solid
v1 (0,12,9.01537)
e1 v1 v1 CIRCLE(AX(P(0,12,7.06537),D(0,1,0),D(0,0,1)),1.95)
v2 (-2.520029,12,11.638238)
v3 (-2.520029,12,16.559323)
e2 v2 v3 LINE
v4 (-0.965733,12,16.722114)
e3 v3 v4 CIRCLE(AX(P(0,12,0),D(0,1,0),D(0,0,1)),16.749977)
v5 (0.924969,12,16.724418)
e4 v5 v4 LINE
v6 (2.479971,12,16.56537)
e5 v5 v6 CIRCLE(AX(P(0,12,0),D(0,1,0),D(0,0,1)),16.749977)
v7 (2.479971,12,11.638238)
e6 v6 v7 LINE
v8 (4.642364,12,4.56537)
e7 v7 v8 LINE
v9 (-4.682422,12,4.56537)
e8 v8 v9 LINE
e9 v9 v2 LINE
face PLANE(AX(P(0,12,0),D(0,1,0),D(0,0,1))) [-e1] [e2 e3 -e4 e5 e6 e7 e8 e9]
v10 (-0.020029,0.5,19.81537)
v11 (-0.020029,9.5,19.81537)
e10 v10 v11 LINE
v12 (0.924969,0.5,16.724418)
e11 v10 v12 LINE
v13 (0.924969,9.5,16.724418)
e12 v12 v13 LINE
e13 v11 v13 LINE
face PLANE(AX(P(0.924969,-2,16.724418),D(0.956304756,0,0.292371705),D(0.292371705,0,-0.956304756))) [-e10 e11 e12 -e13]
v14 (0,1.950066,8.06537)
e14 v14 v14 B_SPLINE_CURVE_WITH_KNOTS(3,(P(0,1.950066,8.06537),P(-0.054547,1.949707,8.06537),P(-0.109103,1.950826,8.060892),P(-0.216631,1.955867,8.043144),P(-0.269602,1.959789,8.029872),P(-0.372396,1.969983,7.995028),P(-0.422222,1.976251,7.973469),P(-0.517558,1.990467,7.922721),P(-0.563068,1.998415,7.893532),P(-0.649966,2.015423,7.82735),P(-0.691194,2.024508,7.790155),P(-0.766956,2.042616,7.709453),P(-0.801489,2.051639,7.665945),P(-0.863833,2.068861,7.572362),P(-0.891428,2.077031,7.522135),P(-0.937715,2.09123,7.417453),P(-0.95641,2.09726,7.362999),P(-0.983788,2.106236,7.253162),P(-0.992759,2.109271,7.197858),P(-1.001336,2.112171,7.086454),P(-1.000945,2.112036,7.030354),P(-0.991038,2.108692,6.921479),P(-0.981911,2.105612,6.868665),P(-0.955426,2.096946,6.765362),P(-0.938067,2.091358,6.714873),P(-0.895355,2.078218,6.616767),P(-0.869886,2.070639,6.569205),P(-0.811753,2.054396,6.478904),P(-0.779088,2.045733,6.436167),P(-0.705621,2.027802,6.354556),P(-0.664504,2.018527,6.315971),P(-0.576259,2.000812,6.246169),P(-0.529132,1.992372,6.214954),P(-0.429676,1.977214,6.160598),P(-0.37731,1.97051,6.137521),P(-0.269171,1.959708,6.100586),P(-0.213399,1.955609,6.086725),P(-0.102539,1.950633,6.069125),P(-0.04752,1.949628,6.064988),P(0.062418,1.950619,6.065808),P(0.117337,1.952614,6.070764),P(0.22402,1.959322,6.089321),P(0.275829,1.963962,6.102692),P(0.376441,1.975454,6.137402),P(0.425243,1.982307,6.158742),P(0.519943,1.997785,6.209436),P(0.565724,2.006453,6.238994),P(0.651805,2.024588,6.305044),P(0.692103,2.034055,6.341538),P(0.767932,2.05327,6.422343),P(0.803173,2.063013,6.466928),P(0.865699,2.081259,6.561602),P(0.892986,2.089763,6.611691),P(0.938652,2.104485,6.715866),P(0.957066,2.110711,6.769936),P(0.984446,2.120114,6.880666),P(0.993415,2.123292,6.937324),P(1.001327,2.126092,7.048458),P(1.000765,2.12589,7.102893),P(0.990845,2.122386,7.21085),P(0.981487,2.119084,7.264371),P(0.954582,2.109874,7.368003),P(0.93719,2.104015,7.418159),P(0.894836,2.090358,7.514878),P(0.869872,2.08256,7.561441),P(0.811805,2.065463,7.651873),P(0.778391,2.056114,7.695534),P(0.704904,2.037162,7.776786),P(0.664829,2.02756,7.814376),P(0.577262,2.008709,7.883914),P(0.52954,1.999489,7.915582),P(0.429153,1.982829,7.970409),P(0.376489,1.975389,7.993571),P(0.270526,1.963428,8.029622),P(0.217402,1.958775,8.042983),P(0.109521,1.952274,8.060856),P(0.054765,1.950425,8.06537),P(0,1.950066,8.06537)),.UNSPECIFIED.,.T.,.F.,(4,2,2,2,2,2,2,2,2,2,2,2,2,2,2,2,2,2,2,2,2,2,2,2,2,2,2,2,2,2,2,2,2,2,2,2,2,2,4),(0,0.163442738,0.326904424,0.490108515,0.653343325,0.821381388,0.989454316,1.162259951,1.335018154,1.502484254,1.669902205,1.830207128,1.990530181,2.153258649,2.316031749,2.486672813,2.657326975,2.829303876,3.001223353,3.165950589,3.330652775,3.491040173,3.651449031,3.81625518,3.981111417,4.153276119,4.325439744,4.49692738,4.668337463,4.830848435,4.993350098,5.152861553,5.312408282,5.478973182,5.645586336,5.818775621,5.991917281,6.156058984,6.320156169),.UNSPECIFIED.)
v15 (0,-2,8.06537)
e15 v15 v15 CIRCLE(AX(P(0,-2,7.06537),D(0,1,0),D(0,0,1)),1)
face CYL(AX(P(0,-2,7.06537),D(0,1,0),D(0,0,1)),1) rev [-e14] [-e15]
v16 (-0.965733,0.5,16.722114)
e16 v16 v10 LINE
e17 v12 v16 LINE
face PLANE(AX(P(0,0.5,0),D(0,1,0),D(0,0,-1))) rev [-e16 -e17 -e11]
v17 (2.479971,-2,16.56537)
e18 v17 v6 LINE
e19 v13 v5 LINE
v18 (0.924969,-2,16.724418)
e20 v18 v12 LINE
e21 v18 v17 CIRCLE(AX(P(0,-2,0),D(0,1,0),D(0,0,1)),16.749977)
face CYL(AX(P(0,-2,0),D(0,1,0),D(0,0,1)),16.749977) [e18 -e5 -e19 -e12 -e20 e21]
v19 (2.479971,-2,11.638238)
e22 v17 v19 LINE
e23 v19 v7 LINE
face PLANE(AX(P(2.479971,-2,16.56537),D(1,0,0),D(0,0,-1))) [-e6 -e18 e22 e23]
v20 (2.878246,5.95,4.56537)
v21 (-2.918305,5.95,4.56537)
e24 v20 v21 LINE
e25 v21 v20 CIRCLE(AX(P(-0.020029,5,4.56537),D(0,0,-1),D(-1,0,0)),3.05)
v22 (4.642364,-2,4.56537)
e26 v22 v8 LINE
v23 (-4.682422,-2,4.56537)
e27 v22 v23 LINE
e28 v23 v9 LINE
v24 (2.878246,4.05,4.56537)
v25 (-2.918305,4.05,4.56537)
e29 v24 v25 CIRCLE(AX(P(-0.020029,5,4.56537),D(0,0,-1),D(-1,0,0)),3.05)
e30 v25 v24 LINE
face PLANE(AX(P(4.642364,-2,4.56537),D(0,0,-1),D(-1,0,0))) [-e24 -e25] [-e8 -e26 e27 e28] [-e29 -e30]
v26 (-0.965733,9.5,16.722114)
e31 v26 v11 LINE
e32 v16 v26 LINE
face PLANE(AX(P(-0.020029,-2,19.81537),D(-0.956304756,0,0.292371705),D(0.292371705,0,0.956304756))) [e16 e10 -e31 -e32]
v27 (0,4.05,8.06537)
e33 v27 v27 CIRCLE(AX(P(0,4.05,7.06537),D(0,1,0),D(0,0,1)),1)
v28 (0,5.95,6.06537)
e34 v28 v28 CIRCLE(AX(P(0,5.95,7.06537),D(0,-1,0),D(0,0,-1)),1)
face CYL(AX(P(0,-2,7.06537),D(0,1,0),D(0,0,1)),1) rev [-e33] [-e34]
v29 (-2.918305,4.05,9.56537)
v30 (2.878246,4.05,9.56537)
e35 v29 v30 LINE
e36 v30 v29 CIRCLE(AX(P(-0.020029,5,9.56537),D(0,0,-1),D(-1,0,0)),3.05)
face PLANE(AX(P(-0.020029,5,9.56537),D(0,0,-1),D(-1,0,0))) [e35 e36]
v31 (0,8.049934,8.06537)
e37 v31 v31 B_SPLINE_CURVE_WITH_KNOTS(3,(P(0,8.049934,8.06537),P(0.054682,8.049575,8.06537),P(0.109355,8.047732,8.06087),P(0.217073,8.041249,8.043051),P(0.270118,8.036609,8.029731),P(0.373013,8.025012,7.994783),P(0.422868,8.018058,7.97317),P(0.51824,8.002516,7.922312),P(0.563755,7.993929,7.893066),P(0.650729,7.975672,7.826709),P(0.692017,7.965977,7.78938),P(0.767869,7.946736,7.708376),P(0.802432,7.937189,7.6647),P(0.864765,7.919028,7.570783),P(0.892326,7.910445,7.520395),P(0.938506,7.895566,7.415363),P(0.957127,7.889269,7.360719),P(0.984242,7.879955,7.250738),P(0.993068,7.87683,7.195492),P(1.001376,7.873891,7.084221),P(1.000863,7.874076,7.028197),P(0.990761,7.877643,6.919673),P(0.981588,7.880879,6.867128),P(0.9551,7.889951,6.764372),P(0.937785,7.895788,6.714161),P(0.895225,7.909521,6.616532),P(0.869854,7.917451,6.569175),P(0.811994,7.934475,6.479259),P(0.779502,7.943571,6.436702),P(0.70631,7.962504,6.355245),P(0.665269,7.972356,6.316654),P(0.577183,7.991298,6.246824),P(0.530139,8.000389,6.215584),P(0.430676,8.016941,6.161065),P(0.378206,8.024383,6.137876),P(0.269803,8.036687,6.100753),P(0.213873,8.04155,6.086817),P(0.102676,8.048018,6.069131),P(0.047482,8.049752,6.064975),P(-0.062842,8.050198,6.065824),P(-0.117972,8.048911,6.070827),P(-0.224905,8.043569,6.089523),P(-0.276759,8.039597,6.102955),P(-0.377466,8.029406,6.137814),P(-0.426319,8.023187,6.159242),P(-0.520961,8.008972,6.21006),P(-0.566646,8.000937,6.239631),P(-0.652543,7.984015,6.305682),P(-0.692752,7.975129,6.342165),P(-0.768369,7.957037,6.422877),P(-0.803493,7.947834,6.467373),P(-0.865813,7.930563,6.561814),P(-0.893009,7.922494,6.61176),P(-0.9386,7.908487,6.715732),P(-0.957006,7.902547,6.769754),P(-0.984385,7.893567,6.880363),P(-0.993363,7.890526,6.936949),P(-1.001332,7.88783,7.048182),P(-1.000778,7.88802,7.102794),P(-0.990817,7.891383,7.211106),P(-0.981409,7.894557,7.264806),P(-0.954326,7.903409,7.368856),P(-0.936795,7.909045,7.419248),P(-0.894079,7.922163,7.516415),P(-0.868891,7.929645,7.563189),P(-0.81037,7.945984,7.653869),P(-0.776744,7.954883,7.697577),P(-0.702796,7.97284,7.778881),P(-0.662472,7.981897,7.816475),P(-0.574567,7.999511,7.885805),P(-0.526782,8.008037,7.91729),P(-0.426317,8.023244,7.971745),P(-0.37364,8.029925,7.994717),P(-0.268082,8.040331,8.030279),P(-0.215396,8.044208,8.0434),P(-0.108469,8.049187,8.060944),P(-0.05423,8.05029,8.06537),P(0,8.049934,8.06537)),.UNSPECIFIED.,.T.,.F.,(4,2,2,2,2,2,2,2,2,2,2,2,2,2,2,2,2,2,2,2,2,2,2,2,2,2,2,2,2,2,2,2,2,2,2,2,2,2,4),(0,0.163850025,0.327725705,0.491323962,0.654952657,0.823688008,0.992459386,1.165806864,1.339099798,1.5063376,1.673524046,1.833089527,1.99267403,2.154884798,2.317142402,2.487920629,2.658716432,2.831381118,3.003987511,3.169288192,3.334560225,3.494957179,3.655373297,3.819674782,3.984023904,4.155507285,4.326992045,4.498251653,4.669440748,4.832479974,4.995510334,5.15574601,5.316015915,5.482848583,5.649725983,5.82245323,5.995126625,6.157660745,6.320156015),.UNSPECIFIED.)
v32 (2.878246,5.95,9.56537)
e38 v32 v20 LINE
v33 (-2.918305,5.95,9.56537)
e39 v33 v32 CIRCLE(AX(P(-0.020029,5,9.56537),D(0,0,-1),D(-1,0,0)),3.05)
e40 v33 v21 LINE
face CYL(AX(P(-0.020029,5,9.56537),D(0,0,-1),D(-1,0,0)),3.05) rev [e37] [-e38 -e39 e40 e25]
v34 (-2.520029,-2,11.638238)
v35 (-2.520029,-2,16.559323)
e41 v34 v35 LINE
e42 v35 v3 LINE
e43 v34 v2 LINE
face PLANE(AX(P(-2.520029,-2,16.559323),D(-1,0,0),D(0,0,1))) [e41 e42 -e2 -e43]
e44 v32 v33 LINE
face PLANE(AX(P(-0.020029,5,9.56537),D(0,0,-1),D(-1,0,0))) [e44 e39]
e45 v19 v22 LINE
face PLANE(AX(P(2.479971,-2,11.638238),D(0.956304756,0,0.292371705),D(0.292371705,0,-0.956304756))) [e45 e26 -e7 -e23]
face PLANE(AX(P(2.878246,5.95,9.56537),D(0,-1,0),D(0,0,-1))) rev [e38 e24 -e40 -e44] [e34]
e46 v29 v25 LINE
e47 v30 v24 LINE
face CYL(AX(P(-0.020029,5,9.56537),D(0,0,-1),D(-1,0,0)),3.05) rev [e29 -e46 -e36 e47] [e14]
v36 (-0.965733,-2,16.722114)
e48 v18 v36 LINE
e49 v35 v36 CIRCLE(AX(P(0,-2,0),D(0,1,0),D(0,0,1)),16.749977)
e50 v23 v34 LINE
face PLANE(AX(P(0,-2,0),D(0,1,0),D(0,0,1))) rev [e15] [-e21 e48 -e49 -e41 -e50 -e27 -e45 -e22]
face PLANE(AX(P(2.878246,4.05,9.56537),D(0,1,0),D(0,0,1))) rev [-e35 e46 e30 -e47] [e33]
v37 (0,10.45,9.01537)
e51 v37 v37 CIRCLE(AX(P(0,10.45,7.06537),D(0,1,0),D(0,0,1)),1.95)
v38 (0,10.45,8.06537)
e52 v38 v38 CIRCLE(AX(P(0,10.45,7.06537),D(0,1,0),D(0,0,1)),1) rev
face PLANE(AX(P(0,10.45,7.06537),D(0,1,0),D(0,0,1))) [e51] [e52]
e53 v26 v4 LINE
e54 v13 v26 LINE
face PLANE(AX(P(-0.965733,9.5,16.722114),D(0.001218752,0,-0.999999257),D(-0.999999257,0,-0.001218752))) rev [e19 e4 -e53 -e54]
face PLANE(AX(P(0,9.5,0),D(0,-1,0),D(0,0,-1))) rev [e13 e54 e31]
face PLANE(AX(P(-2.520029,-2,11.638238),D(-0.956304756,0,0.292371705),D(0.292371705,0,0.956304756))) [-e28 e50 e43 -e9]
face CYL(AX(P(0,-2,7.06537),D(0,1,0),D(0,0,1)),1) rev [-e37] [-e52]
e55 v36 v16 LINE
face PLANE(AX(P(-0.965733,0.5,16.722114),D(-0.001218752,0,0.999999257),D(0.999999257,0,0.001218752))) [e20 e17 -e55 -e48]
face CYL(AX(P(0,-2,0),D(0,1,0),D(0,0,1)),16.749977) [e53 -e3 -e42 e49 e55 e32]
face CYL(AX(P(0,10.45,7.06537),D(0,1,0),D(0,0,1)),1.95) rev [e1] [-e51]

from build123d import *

# Parameters (mm, degrees)
BOSS_EXTRUDE1_DEPTH      = 12
BOSS_EXTRUDE1_DEPTH_BACK = 2
CUT_EXTRUDE1_DEPTH       = 5
SKETCH5_R                = 1
CUT_EXTRUDE2_DEPTH       = 7.26
CUT_EXTRUDE2_DEPTH_BACK  = 8.74
SKETCH6_R                = 1.95
CUT_EXTRUDE3_DEPTH       = 1.55
CUT_EXTRUDE4_DEPTH       = 2.5


with BuildPart() as part:
    # Sketch1 → Boss-Extrude1 (new body, two sides)
    with BuildSketch(Plane(origin=(0, 0, 0), x_dir=(1, 0, 0), z_dir=(0, 1, 0))) as boss_extrude1_sk:
        with BuildLine():
            Line((4.642363604, -4.565370009), (-4.68242218, -4.565370009))
            Line((-4.68242218, -4.565370009), (-2.520029288, -11.638238463))
            Line((-2.520029288, -11.638238463), (-2.520029288, -16.559323376))
            ThreePointArc((-2.520029288, -16.559323376), (-1.744780523, -16.658855879), (-0.965732534, -16.722114069))
            Line((-0.965732534, -16.722114069), (-0.020029288, -19.815370009))
            Line((-0.020029288, -19.815370009), (0.924969464, -16.724418368))
            ThreePointArc((0.924969464, -16.724418368), (1.704326405, -16.663043233), (2.479970712, -16.565370009))
            Line((2.479970712, -16.565370009), (2.479970712, -11.638238463))
            Line((2.479970712, -11.638238463), (4.642363604, -4.565370009))
        make_face()
    extrude(amount=BOSS_EXTRUDE1_DEPTH)
    extrude(boss_extrude1_sk.sketch, amount=-BOSS_EXTRUDE1_DEPTH_BACK)

    # Sketch2 → Cut-Extrude1 (cut)
    with BuildSketch(Plane(origin=(0, 0, 4.565370009), x_dir=(-1, 0, 0), z_dir=(0, 0, -1))):
        with BuildLine():
            Line((-2.878246061, 5.95), (2.918304637, 5.95))
            ThreePointArc((2.918304637, 5.95), (0.020029288, 8.05), (-2.878246061, 5.95))
        make_face()
        with BuildLine():
            Line((-2.878246061, 4.05), (2.918304637, 4.05))
            ThreePointArc((2.918304637, 4.05), (0.020029288, 1.95), (-2.878246061, 4.05))
        make_face()
    extrude(amount=-CUT_EXTRUDE1_DEPTH, mode=Mode.SUBTRACT)

    # Sketch5 → Cut-Extrude2 (cut, two sides)
    with BuildSketch(Plane(origin=(0, 5.74, 0), x_dir=(1, 0, 0), z_dir=(0, 1, 0))) as cut_extrude2_sk:
        with Locations((0, -7.065370009)):
            Circle(SKETCH5_R)
    extrude(amount=CUT_EXTRUDE2_DEPTH, mode=Mode.SUBTRACT)
    extrude(cut_extrude2_sk.sketch, amount=-CUT_EXTRUDE2_DEPTH_BACK, mode=Mode.SUBTRACT)

    # Sketch6 → Cut-Extrude3 (cut)
    with BuildSketch(Plane(origin=(0, 12, 0), x_dir=(1, 0, 0), z_dir=(0, 1, 0))):
        with Locations((0, -7.065370009)):
            Circle(SKETCH6_R)
    extrude(amount=-CUT_EXTRUDE3_DEPTH, mode=Mode.SUBTRACT)

    # Sketch7 → Cut-Extrude4 (cut)
    with BuildSketch(Plane(origin=(0, 12, 0), x_dir=(1, 0, 0), z_dir=(0, 1, 0))):
        Polygon((0.924969464, -16.724418368), (-0.020029288, -19.815370009), (-0.965732534, -16.722114069), align=None)
    cut_extrude4 = extrude(amount=-CUT_EXTRUDE4_DEPTH, mode=Mode.SUBTRACT)

    # Mirror1: Cut-Extrude4 across plane
    add(cut_extrude4.mirror(Plane.ZX.offset(5)), mode=Mode.SUBTRACT)


solid = part.part
